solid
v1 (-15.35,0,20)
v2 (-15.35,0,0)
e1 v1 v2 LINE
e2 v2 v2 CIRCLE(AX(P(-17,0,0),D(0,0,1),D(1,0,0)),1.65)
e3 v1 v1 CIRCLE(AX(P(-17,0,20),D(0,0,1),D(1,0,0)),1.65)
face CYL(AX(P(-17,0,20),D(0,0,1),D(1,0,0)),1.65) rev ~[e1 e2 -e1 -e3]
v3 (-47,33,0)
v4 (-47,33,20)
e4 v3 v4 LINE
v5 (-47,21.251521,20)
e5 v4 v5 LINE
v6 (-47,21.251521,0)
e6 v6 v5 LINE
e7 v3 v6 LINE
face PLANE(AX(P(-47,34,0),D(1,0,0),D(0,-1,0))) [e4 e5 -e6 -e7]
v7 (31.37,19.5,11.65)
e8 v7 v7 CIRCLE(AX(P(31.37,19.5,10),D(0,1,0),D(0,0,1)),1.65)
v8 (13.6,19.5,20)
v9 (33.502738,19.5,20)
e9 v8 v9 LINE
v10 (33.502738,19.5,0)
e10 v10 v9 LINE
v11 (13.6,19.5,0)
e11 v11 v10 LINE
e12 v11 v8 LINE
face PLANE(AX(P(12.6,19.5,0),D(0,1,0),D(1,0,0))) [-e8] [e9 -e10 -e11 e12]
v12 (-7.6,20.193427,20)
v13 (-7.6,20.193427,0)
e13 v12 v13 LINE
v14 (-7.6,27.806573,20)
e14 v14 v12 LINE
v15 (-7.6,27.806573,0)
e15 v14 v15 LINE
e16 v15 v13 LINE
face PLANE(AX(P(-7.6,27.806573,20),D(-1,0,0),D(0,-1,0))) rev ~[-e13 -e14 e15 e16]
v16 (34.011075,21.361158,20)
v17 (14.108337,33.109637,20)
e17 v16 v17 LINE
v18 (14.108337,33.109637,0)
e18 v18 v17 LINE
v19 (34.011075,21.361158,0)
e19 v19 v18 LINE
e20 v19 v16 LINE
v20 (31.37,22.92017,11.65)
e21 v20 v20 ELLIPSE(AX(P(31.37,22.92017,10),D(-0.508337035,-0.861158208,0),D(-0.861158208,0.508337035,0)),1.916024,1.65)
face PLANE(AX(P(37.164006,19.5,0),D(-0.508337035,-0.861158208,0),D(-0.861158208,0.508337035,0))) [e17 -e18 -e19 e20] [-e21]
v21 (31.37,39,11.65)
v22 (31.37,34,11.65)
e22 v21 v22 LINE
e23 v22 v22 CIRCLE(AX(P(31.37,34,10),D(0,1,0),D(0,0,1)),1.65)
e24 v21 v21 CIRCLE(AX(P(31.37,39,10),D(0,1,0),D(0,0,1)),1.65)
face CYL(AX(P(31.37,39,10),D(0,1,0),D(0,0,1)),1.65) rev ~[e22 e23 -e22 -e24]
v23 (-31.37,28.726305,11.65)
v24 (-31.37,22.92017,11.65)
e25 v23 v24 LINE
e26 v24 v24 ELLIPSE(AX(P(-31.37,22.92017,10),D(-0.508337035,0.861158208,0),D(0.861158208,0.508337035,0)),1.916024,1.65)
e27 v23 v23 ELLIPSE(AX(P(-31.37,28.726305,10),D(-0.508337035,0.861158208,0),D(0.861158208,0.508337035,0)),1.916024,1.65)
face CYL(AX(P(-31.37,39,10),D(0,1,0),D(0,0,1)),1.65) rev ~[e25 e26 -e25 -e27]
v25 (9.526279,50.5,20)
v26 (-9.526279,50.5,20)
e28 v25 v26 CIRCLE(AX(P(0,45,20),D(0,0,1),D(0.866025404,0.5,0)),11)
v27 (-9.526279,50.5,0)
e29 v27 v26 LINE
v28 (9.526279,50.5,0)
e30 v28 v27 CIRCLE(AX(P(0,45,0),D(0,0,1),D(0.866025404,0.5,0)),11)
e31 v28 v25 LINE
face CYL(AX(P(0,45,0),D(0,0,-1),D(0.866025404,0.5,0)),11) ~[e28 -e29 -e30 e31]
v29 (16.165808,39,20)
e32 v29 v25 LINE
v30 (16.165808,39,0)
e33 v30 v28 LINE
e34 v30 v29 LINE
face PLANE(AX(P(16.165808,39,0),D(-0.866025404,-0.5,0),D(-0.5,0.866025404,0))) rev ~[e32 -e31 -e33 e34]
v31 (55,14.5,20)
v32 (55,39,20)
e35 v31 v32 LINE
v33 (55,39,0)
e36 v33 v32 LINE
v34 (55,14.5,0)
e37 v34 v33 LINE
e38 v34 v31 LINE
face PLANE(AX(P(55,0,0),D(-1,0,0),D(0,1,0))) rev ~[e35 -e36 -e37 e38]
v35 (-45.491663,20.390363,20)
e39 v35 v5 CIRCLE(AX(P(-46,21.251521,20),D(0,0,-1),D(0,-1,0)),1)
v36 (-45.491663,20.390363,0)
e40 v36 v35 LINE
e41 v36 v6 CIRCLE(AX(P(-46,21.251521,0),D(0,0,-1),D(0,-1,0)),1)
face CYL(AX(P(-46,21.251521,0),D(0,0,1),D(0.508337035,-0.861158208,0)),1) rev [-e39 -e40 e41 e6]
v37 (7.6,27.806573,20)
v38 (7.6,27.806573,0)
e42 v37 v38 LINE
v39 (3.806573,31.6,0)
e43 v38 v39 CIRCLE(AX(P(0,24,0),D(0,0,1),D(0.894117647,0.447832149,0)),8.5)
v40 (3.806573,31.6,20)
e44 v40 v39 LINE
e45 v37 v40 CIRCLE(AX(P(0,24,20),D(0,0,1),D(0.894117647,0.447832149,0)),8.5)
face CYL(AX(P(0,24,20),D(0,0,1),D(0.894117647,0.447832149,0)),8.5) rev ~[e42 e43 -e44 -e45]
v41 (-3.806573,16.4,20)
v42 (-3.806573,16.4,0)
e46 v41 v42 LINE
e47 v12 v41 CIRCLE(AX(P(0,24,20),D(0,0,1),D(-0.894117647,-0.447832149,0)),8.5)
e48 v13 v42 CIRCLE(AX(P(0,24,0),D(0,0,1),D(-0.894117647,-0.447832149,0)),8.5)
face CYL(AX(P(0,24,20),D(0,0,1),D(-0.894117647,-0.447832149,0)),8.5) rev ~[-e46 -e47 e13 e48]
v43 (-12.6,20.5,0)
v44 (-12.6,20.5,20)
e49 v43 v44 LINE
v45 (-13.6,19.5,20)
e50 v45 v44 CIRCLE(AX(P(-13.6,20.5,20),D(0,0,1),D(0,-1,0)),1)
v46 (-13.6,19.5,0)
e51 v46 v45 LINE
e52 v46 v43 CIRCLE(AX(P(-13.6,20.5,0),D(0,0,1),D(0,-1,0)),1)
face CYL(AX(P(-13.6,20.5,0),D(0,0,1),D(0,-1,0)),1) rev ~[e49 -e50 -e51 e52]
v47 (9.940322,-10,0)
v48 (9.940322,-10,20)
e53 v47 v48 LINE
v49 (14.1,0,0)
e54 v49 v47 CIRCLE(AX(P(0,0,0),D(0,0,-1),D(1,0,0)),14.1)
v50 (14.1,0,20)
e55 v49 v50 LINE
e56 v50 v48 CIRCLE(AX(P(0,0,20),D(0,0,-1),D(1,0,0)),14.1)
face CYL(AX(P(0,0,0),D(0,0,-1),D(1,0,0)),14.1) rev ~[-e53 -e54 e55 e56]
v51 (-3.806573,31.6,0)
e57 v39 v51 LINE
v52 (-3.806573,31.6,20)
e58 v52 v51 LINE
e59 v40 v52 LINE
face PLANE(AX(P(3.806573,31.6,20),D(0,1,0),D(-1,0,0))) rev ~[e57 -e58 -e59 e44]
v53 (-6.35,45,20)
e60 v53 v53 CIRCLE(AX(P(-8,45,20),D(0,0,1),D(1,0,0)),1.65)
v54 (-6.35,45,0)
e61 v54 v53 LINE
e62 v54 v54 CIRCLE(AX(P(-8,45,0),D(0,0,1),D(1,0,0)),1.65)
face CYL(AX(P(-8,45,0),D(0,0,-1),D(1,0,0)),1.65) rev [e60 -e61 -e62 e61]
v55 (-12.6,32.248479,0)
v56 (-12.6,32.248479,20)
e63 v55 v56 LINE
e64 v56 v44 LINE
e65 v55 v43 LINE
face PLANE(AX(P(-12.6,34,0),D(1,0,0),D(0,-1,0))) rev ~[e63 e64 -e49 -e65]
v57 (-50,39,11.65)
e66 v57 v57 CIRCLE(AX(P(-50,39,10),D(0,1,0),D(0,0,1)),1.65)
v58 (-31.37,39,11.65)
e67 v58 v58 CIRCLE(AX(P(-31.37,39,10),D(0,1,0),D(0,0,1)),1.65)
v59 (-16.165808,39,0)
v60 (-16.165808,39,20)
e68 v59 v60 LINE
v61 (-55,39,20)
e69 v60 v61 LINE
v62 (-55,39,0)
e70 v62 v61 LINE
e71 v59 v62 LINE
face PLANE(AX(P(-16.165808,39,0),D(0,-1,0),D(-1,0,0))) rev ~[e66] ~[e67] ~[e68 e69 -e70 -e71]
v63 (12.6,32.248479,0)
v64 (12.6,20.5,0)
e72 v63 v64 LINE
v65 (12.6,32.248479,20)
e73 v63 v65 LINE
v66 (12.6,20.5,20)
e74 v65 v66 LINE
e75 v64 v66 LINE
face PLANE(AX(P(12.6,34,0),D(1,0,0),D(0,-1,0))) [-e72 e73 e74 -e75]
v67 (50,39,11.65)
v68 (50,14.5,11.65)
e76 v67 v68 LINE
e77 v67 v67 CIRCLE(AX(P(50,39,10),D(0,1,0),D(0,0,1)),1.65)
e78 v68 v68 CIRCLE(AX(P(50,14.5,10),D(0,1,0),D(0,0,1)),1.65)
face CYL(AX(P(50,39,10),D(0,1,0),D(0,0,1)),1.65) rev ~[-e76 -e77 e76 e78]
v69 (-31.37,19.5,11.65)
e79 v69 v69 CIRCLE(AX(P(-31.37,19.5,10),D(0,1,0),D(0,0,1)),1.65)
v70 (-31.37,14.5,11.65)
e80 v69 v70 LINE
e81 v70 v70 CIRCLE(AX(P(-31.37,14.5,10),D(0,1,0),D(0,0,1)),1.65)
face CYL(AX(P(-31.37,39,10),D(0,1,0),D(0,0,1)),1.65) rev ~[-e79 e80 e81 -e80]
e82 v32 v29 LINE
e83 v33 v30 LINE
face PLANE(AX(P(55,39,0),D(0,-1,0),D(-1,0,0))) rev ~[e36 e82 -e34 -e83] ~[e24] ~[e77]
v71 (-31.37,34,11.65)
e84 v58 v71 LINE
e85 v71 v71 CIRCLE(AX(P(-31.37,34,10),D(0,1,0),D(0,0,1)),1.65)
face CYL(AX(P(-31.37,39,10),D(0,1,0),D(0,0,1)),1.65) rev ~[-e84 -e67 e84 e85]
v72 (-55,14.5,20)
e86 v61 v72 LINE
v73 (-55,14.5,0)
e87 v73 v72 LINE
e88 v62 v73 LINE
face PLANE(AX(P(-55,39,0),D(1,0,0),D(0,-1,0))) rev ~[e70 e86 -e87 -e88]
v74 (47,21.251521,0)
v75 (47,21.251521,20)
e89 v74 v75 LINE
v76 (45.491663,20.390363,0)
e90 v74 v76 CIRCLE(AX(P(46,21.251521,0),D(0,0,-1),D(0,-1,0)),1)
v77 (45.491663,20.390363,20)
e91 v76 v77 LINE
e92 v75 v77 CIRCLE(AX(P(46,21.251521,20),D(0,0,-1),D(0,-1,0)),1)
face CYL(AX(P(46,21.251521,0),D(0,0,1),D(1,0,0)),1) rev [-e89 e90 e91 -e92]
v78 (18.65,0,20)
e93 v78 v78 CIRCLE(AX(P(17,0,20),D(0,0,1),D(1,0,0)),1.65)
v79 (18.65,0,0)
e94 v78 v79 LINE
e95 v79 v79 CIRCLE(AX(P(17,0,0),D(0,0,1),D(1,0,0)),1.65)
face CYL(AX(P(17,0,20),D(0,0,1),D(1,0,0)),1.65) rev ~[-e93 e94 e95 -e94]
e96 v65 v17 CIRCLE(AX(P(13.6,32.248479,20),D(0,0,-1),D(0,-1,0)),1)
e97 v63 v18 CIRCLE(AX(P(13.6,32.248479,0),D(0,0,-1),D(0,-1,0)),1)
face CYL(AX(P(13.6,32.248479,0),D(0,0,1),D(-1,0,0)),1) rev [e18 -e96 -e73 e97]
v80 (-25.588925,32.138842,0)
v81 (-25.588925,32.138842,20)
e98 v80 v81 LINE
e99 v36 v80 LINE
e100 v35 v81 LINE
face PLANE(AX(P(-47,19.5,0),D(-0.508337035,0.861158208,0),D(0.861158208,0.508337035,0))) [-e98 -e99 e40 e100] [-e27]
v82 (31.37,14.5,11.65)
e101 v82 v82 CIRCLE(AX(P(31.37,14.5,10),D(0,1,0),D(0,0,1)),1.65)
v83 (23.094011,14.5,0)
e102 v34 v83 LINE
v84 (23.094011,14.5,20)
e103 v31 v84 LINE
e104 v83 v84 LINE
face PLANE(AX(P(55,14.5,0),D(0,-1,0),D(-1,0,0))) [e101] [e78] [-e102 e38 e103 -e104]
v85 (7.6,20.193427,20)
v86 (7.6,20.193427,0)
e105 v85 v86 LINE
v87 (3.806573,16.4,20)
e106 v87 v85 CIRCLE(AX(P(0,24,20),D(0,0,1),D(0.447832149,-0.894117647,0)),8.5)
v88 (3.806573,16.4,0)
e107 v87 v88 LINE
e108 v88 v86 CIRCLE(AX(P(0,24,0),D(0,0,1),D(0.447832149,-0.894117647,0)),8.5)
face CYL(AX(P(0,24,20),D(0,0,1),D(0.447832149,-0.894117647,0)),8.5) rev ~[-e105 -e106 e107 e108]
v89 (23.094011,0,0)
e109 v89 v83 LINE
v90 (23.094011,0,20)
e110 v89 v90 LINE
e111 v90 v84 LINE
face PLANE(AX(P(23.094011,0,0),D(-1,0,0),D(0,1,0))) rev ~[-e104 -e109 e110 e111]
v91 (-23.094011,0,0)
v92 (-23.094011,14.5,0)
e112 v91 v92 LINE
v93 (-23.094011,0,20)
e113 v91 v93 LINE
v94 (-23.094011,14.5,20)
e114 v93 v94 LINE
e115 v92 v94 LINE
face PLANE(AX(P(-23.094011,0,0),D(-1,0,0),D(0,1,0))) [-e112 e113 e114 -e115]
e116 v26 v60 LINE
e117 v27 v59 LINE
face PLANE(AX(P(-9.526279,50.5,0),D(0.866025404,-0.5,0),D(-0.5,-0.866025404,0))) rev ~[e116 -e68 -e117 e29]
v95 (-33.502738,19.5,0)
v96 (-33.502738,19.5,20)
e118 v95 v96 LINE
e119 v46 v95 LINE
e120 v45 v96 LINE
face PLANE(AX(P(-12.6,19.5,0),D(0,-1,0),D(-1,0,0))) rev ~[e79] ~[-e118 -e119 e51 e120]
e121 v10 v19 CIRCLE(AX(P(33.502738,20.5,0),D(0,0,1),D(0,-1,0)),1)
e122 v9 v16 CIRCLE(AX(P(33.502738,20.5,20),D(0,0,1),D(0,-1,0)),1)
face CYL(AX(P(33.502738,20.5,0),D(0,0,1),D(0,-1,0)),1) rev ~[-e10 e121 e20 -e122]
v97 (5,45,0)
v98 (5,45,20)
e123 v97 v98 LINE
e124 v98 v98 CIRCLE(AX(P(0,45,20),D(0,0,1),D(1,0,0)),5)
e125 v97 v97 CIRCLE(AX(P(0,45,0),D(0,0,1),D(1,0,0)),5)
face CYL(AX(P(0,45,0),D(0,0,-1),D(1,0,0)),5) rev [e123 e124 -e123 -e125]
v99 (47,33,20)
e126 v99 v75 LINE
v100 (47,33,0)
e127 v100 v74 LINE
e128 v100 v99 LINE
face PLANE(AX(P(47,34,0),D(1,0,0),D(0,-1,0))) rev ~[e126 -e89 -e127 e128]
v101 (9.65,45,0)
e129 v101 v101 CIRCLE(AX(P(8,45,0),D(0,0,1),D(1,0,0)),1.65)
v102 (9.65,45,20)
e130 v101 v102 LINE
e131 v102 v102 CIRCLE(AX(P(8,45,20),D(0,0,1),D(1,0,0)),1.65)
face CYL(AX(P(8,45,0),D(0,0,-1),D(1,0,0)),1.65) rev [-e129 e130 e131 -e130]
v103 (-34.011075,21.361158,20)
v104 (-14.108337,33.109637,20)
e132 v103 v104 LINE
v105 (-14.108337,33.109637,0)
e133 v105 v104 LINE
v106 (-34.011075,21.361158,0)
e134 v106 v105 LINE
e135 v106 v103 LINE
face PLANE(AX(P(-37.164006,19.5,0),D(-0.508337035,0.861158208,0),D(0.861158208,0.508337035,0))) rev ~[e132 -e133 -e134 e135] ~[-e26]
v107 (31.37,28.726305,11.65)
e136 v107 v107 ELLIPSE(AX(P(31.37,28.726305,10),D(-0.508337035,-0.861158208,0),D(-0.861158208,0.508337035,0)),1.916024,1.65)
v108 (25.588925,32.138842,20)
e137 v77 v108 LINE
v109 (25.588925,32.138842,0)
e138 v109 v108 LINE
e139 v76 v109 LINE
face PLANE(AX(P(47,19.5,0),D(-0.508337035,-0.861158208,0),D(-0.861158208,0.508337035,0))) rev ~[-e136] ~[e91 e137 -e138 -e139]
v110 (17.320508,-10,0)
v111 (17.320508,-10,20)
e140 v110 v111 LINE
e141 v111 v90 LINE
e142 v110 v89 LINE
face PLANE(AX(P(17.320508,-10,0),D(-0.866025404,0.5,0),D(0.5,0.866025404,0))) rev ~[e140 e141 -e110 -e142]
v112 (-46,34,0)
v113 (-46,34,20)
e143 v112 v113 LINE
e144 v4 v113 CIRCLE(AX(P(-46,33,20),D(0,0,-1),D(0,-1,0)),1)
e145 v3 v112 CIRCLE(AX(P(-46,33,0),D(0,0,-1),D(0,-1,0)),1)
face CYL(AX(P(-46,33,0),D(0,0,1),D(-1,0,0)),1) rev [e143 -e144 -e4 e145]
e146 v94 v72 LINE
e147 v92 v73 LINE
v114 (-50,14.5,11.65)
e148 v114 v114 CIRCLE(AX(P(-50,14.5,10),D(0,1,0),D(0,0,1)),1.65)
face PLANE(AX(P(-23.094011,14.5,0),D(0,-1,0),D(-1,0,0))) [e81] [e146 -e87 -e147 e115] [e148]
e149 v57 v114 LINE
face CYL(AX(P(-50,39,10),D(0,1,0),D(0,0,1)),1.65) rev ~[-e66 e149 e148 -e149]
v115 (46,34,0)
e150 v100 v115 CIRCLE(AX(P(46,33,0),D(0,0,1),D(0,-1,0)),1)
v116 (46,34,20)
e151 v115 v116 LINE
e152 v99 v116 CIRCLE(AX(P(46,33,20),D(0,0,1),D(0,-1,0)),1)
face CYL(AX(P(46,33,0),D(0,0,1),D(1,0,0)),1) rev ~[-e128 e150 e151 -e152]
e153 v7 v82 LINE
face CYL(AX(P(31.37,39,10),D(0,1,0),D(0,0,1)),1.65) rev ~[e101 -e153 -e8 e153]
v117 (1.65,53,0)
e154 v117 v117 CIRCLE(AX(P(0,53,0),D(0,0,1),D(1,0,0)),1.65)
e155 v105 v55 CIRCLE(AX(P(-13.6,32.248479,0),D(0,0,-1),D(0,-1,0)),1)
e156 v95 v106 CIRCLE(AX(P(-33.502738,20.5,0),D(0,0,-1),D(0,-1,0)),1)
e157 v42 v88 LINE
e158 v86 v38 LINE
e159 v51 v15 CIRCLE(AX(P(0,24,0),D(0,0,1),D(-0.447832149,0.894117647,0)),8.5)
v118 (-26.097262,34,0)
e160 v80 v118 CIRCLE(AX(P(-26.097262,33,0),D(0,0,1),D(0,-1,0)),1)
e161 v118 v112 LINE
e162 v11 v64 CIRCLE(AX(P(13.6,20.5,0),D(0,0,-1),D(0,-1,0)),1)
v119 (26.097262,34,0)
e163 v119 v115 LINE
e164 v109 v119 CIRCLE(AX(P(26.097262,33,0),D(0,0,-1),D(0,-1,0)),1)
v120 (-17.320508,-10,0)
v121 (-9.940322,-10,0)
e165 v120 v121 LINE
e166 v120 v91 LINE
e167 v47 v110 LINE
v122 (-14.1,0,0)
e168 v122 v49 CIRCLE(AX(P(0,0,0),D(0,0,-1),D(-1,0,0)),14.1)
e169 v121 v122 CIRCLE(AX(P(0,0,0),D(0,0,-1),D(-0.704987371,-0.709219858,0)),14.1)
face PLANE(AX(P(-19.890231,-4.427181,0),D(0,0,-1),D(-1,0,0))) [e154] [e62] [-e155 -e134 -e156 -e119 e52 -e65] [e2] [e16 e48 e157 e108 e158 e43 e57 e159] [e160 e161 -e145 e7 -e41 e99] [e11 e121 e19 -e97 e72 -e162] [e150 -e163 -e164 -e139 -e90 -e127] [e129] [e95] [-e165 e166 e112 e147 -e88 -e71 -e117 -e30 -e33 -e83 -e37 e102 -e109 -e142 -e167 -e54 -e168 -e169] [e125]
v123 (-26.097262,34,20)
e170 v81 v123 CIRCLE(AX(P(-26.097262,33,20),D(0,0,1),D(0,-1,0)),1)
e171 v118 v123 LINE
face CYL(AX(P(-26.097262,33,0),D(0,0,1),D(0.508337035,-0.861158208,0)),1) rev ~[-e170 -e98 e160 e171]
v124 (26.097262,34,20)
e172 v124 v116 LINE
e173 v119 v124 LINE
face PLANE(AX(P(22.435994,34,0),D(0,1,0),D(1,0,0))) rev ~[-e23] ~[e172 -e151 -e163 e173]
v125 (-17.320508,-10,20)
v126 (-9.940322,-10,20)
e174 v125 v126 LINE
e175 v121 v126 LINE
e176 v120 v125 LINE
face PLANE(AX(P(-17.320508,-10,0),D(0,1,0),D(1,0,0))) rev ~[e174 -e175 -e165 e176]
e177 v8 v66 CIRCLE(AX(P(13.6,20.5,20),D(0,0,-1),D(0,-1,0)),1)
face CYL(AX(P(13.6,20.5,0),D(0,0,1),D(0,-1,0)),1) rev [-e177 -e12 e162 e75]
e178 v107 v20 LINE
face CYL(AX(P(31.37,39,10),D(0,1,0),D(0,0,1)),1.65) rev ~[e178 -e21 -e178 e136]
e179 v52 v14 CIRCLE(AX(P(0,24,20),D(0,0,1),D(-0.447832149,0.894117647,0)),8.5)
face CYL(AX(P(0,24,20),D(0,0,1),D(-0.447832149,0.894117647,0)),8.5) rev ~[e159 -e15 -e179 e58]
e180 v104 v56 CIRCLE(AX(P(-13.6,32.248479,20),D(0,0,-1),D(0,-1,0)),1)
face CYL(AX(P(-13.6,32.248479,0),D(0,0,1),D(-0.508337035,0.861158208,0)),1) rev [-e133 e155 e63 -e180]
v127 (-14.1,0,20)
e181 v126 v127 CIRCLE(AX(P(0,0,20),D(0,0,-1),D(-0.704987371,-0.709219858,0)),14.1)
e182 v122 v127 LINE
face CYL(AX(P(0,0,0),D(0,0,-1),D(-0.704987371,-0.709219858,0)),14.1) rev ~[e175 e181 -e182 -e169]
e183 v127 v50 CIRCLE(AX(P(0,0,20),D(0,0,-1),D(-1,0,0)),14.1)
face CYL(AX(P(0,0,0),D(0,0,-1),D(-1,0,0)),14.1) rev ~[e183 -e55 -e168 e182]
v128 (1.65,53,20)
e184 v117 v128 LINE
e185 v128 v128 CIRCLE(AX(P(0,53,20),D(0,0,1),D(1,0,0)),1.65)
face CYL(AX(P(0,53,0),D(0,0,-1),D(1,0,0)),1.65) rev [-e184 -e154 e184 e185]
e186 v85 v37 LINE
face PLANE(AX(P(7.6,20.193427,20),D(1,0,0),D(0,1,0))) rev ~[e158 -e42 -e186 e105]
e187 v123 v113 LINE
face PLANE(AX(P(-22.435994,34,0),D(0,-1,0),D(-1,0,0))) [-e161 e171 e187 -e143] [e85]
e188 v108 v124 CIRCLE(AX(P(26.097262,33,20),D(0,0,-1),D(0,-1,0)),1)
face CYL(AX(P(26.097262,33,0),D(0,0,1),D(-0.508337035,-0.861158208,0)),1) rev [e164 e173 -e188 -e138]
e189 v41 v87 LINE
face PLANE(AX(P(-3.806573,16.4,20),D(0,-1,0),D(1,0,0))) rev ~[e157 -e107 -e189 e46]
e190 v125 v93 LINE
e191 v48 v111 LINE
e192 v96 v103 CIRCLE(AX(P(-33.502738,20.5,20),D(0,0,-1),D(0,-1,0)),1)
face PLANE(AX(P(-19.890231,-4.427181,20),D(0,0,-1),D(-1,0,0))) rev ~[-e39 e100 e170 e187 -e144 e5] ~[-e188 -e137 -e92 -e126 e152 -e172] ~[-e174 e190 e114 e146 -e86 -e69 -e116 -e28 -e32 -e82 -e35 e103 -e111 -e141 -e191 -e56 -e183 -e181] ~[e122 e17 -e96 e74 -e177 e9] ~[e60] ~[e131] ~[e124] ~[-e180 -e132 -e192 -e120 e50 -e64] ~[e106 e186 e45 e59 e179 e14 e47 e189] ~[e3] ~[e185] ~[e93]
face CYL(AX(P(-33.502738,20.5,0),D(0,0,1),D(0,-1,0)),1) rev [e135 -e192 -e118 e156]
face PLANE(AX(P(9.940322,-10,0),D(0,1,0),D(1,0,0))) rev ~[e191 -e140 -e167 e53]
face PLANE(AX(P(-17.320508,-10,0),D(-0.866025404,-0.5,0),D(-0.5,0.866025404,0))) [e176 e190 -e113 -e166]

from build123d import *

# Parameters (mm, degrees)
SKETCH_1_R          = 5
SKETCH_1_R_2        = 1.65
EXTRUDE_1_DEPTH     = 20
SKETCH_2_R          = 1.65
CUT_EXTRUDE_1_DEPTH = 71.32780389
EXTRUDE_START       = -20
EXTRUDE_2_DEPTH     = 20
SKETCH_4_R          = 1.65
CUT_EXTRUDE_2_DEPTH = 82
EXTRUDE_5_DEPTH     = 20
CUT_EXTRUDE_3_DEPTH = 20
SKETCH_8_W          = 31.905989232
SKETCH_8_H          = 14.5
CUT_EXTRUDE_5_DEPTH = 82
CUT_EXTRUDE_6_DEPTH = 82
FILLET_3_R          = 1


with BuildPart() as part:
    # 草图1 → 凸台-拉伸1 (new body)
    with BuildSketch(Plane.XY):
        with BuildLine():
            Line((55, 39), (16.165807537, 39))
            Line((16.165807537, 39), (9.526279442, 50.5))
            ThreePointArc((9.526279442, 50.5), (0, 56), (-9.526279442, 50.5))
            Line((-9.526279442, 50.5), (-16.165807537, 39))
            Line((-16.165807537, 39), (-55, 39))
            Line((-55, 39), (-55, 0))
            Line((-55, 0), (-14.1, 0))
            ThreePointArc((-14.1, 0), (0, 14.1), (14.1, 0))
            Line((14.1, 0), (55, 0))
            Line((55, 0), (55, 39))
        make_face()
        with Locations((0, 45)):
            Circle(SKETCH_1_R, mode=Mode.SUBTRACT)
        with Locations((-8, 45)):
            Circle(SKETCH_1_R_2, mode=Mode.SUBTRACT)
        with Locations((8, 45)):
            Circle(SKETCH_1_R_2, mode=Mode.SUBTRACT)
        with Locations((0, 53)):
            Circle(SKETCH_1_R_2, mode=Mode.SUBTRACT)
    extrude(amount=EXTRUDE_1_DEPTH)

    # 草图2 → 切除-拉伸1 (cut, through all)
    with BuildSketch(Plane(origin=(0, 39, 0), x_dir=(1, 0, 0), z_dir=(0, 1, 0))):
        with Locations((-50, -10)):
            Circle(SKETCH_2_R)
        with Locations((-31.37, -10)):
            Circle(SKETCH_2_R)
        with Locations((31.37, -10)):
            Circle(SKETCH_2_R)
        with Locations((50, -10)):
            Circle(SKETCH_2_R)
    extrude(amount=-CUT_EXTRUDE_1_DEPTH, mode=Mode.SUBTRACT)

    # 草图3 → 凸台-拉伸2 (add)
    with BuildSketch(Plane.XY.offset(20).offset(EXTRUDE_START)):
        with BuildLine():
            ThreePointArc((-20, 0), (-19.318516526, -5.176380902), (-17.320508076, -10))
            Line((-17.320508076, -10), (-9.940321926, -10))
            ThreePointArc((-9.940321926, -10), (-13.018612429, -5.415323667), (-14.1, 0))
            Line((-14.1, 0), (-20, 0))
        make_face()
        with BuildLine():
            Line((9.940321926, -10), (17.320508076, -10))
            ThreePointArc((17.320508076, -10), (19.318516526, -5.176380902), (20, 0))
            Line((20, 0), (14.1, 0))
            ThreePointArc((14.1, 0), (13.018612429, -5.415323667), (9.940321926, -10))
        make_face()
    extrude(amount=EXTRUDE_2_DEPTH)

    # 草图4 → 切除-拉伸2 (cut, through all)
    with BuildSketch(Plane.XY.offset(20)):
        with Locations((17, 0)):
            Circle(SKETCH_4_R)
        with Locations((-17, 0)):
            Circle(SKETCH_4_R)
    extrude(amount=-CUT_EXTRUDE_2_DEPTH, mode=Mode.SUBTRACT)

    # 草图5 → 凸台-拉伸5 (add)
    with BuildSketch(Plane.XY.offset(20).offset(EXTRUDE_START)):
        with BuildLine():
            Line((-17.320508076, -10), (-23.094010768, 0))
            Line((-23.094010768, 0), (-20, 0))
            ThreePointArc((-20, 0), (-19.318516526, -5.176380902), (-17.320508076, -10))
        make_face()
        with BuildLine():
            Line((17.320508076, -10), (23.094010768, 0))
            Line((23.094010768, 0), (20, 0))
            ThreePointArc((20, 0), (19.318516526, -5.176380902), (17.320508076, -10))
        make_face()
    extrude(amount=EXTRUDE_5_DEPTH)

    # 草图6 → 切除-拉伸3 (cut)
    with BuildSketch(Plane.XY.offset(20)):
        with BuildLine():
            Line((3.806573262, 31.6), (-3.806573262, 31.6))
            ThreePointArc((-3.806573262, 31.6), (-6.01040764, 30.01040764), (-7.6, 27.806573262))
            Line((-7.6, 27.806573262), (-7.6, 20.193426738))
            ThreePointArc((-7.6, 20.193426738), (-6.01040764, 17.98959236), (-3.806573262, 16.4))
            Line((-3.806573262, 16.4), (3.806573262, 16.4))
            ThreePointArc((3.806573262, 16.4), (6.01040764, 17.98959236), (7.6, 20.193426738))
            Line((7.6, 20.193426738), (7.6, 27.806573262))
            ThreePointArc((7.6, 27.806573262), (6.01040764, 30.01040764), (3.806573262, 31.6))
        make_face()
    extrude(amount=-CUT_EXTRUDE_3_DEPTH, mode=Mode.SUBTRACT)

    # 草图8 → 切除-拉伸5 (cut, through all)
    with BuildSketch(Plane(origin=(0, 0, 0), x_dir=(-1, 0, 0), z_dir=(0, 0, -1))):
        with Locations((-39.047005384, 7.25)):
            Rectangle(SKETCH_8_W, SKETCH_8_H)
        with Locations((39.047005384, 7.25)):
            Rectangle(SKETCH_8_W, SKETCH_8_H)
    extrude(amount=-CUT_EXTRUDE_5_DEPTH, mode=Mode.SUBTRACT)

    # 草图9 → 切除-拉伸6 (cut, through all)
    with BuildSketch(Plane(origin=(0, 0, 0), x_dir=(-1, 0, 0), z_dir=(0, 0, -1))):
        Polygon((-47, 34), (-47, 19.5), (-22.435993944, 34), align=None)
        Polygon((-37.164006056, 19.5), (-12.6, 34), (-12.6, 19.5), align=None)
        Polygon((12.6, 19.5), (37.164006056, 19.5), (12.6, 34), align=None)
        Polygon((22.435993944, 34), (47, 34), (47, 19.5), align=None)
    extrude(amount=-CUT_EXTRUDE_6_DEPTH, mode=Mode.SUBTRACT)

    # 圆角3
    fillet_3_edges = [part.edges().sort_by_distance(p)[0] for p in [
        (-47, 19.5, 10),
        (-47, 34, 10),
        (-22.435993944, 34, 10),
        (-37.164006056, 19.5, 10),
        (-12.6, 34, 10),
        (-12.6, 19.5, 10),
        (12.6, 34, 10),
        (12.6, 19.5, 10),
        (22.435993944, 34, 10),
        (47, 34, 10),
        (47, 19.5, 10),
        (37.164006056, 19.5, 10),
    ]]
    fillet(fillet_3_edges, radius=FILLET_3_R)


solid = part.part
